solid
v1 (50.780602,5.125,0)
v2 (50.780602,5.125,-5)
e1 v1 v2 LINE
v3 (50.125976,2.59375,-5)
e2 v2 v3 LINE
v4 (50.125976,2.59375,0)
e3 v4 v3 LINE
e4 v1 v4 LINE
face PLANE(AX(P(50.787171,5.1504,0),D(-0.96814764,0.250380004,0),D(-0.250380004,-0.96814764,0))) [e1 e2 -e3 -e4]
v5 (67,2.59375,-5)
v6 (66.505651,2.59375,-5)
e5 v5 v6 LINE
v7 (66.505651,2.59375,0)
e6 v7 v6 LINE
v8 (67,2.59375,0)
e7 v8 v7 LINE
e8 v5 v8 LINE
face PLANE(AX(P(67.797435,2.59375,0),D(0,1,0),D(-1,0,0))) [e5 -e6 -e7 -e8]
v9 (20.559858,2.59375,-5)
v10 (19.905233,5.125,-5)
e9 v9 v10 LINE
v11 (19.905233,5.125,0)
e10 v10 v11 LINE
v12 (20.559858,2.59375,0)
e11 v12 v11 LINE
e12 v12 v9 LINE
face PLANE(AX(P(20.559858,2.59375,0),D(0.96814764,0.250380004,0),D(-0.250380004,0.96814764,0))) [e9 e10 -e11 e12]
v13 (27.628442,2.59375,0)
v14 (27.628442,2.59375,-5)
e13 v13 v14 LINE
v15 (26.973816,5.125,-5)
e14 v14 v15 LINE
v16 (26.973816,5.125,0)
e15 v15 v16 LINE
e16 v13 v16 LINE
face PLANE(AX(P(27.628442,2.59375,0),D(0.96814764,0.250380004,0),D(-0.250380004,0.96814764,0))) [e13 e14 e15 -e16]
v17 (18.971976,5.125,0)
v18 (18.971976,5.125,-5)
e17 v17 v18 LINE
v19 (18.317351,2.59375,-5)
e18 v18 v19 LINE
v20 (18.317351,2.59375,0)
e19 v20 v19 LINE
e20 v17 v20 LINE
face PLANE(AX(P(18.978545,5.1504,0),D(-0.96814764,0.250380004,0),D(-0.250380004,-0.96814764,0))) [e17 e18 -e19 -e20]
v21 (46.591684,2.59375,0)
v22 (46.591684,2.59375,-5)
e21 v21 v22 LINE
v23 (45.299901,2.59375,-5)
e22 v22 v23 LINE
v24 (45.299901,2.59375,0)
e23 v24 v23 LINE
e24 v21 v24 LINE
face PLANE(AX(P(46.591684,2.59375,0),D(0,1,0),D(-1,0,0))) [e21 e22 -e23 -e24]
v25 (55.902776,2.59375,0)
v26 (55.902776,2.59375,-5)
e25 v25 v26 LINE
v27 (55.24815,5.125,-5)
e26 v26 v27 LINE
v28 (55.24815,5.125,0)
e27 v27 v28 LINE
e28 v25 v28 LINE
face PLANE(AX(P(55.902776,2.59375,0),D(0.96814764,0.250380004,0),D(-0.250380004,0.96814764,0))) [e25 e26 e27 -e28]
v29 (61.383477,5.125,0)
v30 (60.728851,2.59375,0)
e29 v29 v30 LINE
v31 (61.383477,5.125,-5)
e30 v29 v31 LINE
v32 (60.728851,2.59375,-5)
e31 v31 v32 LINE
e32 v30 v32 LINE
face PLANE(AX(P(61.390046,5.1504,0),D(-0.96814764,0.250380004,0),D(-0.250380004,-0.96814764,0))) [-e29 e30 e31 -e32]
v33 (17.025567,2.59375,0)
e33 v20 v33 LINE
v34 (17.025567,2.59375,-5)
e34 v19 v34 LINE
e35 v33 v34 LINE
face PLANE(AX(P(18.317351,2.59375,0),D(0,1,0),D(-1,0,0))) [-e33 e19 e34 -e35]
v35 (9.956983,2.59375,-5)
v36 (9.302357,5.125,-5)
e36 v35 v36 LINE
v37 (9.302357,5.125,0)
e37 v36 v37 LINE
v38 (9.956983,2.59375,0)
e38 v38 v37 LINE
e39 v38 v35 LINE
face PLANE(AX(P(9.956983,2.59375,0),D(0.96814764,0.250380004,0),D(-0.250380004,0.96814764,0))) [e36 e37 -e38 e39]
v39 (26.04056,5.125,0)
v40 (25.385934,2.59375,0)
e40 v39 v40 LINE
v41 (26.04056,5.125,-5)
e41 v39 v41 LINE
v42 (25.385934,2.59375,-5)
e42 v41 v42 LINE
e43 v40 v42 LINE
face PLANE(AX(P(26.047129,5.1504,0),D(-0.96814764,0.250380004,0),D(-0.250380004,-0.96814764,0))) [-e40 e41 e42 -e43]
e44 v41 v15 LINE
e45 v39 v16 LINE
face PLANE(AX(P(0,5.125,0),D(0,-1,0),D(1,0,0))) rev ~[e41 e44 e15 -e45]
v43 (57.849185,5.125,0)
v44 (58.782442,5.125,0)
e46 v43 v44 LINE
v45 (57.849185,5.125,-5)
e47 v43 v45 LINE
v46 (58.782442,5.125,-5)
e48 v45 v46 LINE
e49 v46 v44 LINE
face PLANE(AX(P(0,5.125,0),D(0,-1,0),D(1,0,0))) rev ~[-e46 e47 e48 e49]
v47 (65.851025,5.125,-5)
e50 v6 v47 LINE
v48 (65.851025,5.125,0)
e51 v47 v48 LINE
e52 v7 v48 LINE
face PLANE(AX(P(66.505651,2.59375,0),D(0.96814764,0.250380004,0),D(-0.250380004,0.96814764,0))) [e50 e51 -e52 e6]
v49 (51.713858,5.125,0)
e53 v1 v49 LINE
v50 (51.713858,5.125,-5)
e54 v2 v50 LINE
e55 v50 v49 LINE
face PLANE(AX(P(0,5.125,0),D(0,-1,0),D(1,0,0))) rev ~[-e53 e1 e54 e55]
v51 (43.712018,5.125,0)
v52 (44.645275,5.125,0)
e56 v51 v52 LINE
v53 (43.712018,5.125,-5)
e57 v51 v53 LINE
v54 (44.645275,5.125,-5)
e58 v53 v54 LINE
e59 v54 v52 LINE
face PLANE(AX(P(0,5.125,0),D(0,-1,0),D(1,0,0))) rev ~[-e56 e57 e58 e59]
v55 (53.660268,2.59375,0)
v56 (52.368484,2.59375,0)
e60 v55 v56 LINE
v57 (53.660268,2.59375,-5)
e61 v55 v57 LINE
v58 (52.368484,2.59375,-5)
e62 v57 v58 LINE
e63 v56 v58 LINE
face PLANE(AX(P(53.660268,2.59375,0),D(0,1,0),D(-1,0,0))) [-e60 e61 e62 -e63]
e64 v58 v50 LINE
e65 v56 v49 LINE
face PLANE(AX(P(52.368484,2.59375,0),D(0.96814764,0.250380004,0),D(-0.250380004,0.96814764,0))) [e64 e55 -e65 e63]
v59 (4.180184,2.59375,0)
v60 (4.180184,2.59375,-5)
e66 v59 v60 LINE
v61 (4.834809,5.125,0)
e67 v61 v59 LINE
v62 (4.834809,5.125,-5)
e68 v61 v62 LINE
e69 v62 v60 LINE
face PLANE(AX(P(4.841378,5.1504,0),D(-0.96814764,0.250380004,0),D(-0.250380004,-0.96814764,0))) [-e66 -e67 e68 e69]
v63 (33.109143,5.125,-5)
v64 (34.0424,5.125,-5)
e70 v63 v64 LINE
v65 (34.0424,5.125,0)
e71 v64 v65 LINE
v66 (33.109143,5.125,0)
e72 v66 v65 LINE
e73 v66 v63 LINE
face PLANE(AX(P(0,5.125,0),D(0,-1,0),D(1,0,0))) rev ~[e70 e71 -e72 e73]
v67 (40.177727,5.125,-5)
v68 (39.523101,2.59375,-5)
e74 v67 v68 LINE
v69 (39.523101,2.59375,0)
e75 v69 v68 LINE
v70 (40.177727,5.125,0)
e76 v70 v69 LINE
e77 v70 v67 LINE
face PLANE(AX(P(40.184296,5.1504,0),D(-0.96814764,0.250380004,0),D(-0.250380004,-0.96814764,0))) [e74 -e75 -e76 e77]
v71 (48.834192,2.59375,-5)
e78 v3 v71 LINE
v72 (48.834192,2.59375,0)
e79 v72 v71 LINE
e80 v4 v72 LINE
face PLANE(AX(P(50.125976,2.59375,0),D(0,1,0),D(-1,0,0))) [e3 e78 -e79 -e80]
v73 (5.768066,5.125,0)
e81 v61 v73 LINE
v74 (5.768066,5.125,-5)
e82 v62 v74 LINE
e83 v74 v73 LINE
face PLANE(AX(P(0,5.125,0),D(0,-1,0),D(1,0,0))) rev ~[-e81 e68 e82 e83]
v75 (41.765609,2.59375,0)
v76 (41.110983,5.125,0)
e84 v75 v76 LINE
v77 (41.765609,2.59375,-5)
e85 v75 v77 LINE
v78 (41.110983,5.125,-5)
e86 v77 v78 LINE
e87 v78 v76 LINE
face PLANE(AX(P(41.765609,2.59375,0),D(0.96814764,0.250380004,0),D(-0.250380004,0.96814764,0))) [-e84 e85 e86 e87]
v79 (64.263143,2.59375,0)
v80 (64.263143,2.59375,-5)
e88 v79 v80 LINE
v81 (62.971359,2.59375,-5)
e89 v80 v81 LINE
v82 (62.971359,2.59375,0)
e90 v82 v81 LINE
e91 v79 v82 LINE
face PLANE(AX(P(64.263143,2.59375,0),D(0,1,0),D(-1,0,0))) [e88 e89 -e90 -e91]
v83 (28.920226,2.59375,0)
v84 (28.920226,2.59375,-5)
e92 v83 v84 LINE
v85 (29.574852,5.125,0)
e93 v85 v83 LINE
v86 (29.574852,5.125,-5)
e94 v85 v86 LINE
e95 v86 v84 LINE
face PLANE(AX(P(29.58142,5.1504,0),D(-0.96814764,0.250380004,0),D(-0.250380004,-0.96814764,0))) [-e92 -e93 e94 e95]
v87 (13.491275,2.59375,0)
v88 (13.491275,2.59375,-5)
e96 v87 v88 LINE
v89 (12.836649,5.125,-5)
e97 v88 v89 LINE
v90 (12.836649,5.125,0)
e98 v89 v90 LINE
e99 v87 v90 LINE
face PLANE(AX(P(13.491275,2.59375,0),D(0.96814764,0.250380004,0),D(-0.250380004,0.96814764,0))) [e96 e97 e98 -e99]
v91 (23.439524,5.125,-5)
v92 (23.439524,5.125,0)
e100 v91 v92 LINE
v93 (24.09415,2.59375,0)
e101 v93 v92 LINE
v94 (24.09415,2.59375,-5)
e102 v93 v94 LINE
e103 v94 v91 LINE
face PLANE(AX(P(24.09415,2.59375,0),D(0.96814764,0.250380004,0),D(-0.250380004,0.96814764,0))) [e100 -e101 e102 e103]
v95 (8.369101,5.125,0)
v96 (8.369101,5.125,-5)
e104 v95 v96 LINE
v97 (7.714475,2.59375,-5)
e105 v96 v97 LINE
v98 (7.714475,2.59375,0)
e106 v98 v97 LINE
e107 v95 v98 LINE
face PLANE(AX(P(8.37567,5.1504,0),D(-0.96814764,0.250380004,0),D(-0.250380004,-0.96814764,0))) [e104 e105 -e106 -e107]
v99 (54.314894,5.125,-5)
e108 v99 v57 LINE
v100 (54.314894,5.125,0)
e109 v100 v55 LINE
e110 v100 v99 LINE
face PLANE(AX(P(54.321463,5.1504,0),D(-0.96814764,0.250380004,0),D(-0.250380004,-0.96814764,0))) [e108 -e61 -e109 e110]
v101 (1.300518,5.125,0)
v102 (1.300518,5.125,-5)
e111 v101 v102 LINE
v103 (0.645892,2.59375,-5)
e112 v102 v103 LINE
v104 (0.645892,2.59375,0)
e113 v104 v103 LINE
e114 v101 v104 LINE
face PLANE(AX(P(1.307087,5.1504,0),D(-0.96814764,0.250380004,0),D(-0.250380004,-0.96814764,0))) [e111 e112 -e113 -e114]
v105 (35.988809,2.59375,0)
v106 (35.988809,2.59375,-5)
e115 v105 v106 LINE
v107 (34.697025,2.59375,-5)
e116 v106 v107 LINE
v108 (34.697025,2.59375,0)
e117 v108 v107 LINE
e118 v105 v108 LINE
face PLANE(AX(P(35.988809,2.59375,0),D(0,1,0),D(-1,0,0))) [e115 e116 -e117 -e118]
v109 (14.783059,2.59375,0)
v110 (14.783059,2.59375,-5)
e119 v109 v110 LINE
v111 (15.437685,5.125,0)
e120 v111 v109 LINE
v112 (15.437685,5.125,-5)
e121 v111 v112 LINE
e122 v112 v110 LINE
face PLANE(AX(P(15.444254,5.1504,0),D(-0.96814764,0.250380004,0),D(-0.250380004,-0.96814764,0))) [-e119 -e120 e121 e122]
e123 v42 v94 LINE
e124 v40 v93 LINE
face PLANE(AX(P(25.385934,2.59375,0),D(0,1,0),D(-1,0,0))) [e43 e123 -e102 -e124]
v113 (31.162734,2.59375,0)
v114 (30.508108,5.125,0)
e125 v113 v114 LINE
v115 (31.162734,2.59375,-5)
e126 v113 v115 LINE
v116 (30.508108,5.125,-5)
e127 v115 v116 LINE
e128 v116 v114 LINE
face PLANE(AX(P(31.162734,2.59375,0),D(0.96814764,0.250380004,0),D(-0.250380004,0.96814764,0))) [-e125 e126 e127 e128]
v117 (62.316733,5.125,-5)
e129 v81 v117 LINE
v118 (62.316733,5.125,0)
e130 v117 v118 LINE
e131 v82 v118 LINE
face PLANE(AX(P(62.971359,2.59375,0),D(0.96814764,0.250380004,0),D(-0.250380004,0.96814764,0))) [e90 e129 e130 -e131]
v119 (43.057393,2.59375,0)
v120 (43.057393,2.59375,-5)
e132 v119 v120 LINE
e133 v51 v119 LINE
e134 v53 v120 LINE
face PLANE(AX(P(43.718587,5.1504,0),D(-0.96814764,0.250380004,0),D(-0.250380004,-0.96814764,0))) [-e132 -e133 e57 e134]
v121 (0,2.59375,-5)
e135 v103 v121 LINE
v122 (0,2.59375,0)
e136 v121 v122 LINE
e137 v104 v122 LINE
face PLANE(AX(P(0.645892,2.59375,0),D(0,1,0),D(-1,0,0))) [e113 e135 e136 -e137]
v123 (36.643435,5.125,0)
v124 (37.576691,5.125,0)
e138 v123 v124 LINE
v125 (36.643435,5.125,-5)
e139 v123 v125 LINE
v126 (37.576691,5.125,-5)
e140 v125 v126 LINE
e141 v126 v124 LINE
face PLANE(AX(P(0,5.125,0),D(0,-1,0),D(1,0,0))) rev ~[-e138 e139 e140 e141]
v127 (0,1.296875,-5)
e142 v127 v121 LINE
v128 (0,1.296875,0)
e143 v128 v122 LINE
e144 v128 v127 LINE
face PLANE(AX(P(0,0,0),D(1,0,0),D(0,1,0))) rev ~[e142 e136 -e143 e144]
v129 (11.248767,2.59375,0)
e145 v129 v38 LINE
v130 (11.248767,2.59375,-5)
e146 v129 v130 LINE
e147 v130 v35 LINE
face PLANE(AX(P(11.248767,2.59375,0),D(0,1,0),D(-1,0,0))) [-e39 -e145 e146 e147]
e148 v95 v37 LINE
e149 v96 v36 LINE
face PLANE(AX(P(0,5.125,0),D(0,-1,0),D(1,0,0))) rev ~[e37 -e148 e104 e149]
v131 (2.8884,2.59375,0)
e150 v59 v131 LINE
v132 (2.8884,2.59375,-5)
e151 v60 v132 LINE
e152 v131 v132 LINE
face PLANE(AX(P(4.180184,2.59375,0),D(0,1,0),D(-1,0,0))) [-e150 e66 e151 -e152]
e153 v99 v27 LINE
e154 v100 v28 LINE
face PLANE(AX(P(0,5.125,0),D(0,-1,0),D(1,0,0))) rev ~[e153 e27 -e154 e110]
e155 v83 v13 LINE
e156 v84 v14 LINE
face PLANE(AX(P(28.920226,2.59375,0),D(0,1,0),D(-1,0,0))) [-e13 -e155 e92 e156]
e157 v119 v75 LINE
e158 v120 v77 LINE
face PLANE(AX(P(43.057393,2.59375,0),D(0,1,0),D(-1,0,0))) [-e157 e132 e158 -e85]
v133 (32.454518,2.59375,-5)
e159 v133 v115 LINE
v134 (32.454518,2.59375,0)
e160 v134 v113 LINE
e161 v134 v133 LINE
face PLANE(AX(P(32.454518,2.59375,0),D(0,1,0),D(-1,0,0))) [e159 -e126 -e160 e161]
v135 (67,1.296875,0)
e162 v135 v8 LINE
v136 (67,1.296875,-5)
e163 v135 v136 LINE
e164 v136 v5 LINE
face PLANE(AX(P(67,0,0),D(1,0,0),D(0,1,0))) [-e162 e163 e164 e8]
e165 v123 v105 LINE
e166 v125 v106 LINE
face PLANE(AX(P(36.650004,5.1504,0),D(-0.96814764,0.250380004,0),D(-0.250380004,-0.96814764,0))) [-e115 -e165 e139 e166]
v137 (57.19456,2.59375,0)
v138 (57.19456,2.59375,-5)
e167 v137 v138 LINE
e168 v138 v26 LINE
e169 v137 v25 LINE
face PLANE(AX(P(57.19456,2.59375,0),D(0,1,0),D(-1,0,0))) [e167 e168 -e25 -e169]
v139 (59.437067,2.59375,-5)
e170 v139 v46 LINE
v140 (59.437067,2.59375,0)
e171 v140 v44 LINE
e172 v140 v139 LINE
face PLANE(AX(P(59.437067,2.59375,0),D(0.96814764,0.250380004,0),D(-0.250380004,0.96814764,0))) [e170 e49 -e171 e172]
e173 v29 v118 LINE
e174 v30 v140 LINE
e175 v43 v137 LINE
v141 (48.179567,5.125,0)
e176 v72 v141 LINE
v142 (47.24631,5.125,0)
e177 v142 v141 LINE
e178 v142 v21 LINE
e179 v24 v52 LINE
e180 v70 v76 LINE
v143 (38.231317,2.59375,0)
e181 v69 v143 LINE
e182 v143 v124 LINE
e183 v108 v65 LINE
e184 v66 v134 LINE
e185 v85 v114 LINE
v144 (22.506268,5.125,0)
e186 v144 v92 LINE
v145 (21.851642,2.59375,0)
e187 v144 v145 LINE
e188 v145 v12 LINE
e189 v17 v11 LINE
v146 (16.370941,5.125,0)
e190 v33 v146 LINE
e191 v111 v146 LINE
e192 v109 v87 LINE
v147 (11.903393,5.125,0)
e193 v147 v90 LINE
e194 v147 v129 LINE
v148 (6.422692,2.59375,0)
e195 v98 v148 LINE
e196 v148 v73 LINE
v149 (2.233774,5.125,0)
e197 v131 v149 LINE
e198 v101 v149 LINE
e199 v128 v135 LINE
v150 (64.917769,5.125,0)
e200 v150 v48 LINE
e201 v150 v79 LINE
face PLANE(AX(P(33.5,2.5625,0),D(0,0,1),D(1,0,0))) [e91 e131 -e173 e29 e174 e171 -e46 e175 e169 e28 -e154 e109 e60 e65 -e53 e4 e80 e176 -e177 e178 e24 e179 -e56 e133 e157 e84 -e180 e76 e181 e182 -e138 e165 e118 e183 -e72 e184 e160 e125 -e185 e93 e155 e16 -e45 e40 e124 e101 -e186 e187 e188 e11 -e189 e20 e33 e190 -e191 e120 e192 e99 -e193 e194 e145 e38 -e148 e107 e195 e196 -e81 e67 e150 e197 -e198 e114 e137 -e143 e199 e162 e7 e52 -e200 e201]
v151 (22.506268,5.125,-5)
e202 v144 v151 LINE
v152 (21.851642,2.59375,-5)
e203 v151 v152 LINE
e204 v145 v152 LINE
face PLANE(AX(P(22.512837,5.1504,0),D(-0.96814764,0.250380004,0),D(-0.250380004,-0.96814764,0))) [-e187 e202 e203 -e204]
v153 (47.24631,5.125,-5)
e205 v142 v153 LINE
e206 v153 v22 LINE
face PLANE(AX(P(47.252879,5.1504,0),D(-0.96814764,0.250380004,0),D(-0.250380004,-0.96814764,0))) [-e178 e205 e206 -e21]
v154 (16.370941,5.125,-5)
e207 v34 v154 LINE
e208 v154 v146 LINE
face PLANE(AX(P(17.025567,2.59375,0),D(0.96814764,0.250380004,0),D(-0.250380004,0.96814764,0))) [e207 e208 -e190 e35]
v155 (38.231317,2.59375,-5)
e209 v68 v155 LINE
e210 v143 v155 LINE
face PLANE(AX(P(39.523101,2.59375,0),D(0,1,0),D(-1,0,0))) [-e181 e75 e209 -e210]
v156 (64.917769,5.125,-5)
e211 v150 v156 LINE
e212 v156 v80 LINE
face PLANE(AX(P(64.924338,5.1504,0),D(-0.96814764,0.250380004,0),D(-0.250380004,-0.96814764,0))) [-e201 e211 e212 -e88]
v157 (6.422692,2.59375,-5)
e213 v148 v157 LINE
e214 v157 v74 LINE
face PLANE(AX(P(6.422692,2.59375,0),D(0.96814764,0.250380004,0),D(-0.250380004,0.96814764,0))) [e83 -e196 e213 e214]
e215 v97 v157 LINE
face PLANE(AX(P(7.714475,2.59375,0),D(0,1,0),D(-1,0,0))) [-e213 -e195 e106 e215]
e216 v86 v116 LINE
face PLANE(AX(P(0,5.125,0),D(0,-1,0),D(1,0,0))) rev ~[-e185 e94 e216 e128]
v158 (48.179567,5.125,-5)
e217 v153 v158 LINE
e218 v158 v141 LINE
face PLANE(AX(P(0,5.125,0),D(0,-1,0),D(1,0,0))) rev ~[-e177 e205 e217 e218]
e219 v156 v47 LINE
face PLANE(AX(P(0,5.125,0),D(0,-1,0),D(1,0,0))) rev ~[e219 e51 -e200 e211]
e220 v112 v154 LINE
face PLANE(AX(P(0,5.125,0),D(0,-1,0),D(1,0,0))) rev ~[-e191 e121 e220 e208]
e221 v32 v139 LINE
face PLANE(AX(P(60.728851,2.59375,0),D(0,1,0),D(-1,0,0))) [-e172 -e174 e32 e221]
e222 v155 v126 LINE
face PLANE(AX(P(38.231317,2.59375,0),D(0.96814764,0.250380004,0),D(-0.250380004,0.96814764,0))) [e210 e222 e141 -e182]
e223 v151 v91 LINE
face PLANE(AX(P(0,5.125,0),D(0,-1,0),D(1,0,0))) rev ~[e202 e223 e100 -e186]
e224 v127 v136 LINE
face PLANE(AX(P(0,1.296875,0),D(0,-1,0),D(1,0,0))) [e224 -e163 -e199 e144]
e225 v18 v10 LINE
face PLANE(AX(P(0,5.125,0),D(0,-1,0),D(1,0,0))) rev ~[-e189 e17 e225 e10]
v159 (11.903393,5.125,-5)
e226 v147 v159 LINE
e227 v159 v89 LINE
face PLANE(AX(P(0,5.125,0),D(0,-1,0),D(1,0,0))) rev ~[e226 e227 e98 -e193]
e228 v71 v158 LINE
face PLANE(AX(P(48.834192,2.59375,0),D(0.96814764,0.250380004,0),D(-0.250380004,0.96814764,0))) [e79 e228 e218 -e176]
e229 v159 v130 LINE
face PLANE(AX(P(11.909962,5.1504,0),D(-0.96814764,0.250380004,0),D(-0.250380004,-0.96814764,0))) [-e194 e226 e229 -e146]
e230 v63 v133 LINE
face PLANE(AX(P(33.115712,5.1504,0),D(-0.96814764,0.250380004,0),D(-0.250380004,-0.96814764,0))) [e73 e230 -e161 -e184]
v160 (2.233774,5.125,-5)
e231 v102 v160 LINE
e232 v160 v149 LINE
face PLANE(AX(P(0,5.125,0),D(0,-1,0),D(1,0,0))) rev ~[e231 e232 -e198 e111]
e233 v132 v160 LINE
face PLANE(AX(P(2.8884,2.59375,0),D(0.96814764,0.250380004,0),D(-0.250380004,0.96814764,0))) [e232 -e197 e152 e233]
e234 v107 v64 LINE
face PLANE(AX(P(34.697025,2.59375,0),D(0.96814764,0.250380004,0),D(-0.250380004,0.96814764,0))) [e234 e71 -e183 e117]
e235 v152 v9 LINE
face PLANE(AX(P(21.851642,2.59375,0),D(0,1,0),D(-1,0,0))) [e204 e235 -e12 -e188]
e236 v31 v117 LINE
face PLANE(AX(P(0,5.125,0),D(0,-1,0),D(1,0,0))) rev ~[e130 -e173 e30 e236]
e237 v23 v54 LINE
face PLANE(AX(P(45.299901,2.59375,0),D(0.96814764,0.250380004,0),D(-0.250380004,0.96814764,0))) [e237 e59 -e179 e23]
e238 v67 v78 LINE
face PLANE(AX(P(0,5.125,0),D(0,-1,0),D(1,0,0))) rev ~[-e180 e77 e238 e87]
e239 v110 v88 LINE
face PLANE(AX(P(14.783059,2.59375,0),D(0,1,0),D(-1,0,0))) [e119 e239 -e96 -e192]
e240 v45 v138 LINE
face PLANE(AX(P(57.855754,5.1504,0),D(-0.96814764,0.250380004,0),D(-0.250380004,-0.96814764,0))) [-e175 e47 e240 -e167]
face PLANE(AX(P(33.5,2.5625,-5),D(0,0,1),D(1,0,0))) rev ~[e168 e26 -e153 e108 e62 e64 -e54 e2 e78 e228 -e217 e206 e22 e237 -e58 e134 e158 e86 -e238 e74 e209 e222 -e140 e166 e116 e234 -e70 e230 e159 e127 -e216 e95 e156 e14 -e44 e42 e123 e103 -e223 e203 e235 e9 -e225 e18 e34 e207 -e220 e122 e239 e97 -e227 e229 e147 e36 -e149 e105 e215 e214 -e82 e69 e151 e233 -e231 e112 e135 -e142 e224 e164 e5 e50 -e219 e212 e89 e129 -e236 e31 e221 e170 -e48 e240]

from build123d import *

# Parameters (mm, degrees)
BLANKSKE_W            = 67
BLANKSKE_H            = 5.125
BLANK_DEPTH           = 5
TOOTHCUTSIM_DEPTH     = 68.381493194
TEETHCUTS_COUNT       = 20
TEETHCUTS_PITCH       = 3.534291731
CROQUIS1_W            = 67
CROQUIS1_H            = 1.296875
CORTAR_EXTRUIR1_DEPTH = 10


with BuildPart() as part:
    # BlankSke → Blank (new body)
    with BuildSketch(Plane.XY):
        with Locations((33.5, 2.5625)):
            Rectangle(BLANKSKE_W, BLANKSKE_H)
    extrude(amount=-BLANK_DEPTH)

    # TooCutSkeSim → ToothCutSim (cut, through all)
    with BuildSketch(Plane.XY):
        Polygon((0.645891955, 2.59375), (-0.645891955, 2.59375), (-1.307086602, 5.1504), (1.307086602, 5.1504), align=None)
    toothcutsim = extrude(amount=-TOOTHCUTSIM_DEPTH, mode=Mode.SUBTRACT)

    # TeethCuts: ToothCutSim ×20
    with Locations(*[(i * TEETHCUTS_PITCH, 0, 0) for i in range(1, TEETHCUTS_COUNT)]):
        add(toothcutsim, mode=Mode.SUBTRACT)

    # Croquis1 → Cortar-Extruir1 (cut)
    with BuildSketch(Plane.XY):
        with Locations((33.5, 0.6484375)):
            Rectangle(CROQUIS1_W, CROQUIS1_H)
    extrude(amount=-CORTAR_EXTRUIR1_DEPTH, mode=Mode.SUBTRACT)


solid = part.part
